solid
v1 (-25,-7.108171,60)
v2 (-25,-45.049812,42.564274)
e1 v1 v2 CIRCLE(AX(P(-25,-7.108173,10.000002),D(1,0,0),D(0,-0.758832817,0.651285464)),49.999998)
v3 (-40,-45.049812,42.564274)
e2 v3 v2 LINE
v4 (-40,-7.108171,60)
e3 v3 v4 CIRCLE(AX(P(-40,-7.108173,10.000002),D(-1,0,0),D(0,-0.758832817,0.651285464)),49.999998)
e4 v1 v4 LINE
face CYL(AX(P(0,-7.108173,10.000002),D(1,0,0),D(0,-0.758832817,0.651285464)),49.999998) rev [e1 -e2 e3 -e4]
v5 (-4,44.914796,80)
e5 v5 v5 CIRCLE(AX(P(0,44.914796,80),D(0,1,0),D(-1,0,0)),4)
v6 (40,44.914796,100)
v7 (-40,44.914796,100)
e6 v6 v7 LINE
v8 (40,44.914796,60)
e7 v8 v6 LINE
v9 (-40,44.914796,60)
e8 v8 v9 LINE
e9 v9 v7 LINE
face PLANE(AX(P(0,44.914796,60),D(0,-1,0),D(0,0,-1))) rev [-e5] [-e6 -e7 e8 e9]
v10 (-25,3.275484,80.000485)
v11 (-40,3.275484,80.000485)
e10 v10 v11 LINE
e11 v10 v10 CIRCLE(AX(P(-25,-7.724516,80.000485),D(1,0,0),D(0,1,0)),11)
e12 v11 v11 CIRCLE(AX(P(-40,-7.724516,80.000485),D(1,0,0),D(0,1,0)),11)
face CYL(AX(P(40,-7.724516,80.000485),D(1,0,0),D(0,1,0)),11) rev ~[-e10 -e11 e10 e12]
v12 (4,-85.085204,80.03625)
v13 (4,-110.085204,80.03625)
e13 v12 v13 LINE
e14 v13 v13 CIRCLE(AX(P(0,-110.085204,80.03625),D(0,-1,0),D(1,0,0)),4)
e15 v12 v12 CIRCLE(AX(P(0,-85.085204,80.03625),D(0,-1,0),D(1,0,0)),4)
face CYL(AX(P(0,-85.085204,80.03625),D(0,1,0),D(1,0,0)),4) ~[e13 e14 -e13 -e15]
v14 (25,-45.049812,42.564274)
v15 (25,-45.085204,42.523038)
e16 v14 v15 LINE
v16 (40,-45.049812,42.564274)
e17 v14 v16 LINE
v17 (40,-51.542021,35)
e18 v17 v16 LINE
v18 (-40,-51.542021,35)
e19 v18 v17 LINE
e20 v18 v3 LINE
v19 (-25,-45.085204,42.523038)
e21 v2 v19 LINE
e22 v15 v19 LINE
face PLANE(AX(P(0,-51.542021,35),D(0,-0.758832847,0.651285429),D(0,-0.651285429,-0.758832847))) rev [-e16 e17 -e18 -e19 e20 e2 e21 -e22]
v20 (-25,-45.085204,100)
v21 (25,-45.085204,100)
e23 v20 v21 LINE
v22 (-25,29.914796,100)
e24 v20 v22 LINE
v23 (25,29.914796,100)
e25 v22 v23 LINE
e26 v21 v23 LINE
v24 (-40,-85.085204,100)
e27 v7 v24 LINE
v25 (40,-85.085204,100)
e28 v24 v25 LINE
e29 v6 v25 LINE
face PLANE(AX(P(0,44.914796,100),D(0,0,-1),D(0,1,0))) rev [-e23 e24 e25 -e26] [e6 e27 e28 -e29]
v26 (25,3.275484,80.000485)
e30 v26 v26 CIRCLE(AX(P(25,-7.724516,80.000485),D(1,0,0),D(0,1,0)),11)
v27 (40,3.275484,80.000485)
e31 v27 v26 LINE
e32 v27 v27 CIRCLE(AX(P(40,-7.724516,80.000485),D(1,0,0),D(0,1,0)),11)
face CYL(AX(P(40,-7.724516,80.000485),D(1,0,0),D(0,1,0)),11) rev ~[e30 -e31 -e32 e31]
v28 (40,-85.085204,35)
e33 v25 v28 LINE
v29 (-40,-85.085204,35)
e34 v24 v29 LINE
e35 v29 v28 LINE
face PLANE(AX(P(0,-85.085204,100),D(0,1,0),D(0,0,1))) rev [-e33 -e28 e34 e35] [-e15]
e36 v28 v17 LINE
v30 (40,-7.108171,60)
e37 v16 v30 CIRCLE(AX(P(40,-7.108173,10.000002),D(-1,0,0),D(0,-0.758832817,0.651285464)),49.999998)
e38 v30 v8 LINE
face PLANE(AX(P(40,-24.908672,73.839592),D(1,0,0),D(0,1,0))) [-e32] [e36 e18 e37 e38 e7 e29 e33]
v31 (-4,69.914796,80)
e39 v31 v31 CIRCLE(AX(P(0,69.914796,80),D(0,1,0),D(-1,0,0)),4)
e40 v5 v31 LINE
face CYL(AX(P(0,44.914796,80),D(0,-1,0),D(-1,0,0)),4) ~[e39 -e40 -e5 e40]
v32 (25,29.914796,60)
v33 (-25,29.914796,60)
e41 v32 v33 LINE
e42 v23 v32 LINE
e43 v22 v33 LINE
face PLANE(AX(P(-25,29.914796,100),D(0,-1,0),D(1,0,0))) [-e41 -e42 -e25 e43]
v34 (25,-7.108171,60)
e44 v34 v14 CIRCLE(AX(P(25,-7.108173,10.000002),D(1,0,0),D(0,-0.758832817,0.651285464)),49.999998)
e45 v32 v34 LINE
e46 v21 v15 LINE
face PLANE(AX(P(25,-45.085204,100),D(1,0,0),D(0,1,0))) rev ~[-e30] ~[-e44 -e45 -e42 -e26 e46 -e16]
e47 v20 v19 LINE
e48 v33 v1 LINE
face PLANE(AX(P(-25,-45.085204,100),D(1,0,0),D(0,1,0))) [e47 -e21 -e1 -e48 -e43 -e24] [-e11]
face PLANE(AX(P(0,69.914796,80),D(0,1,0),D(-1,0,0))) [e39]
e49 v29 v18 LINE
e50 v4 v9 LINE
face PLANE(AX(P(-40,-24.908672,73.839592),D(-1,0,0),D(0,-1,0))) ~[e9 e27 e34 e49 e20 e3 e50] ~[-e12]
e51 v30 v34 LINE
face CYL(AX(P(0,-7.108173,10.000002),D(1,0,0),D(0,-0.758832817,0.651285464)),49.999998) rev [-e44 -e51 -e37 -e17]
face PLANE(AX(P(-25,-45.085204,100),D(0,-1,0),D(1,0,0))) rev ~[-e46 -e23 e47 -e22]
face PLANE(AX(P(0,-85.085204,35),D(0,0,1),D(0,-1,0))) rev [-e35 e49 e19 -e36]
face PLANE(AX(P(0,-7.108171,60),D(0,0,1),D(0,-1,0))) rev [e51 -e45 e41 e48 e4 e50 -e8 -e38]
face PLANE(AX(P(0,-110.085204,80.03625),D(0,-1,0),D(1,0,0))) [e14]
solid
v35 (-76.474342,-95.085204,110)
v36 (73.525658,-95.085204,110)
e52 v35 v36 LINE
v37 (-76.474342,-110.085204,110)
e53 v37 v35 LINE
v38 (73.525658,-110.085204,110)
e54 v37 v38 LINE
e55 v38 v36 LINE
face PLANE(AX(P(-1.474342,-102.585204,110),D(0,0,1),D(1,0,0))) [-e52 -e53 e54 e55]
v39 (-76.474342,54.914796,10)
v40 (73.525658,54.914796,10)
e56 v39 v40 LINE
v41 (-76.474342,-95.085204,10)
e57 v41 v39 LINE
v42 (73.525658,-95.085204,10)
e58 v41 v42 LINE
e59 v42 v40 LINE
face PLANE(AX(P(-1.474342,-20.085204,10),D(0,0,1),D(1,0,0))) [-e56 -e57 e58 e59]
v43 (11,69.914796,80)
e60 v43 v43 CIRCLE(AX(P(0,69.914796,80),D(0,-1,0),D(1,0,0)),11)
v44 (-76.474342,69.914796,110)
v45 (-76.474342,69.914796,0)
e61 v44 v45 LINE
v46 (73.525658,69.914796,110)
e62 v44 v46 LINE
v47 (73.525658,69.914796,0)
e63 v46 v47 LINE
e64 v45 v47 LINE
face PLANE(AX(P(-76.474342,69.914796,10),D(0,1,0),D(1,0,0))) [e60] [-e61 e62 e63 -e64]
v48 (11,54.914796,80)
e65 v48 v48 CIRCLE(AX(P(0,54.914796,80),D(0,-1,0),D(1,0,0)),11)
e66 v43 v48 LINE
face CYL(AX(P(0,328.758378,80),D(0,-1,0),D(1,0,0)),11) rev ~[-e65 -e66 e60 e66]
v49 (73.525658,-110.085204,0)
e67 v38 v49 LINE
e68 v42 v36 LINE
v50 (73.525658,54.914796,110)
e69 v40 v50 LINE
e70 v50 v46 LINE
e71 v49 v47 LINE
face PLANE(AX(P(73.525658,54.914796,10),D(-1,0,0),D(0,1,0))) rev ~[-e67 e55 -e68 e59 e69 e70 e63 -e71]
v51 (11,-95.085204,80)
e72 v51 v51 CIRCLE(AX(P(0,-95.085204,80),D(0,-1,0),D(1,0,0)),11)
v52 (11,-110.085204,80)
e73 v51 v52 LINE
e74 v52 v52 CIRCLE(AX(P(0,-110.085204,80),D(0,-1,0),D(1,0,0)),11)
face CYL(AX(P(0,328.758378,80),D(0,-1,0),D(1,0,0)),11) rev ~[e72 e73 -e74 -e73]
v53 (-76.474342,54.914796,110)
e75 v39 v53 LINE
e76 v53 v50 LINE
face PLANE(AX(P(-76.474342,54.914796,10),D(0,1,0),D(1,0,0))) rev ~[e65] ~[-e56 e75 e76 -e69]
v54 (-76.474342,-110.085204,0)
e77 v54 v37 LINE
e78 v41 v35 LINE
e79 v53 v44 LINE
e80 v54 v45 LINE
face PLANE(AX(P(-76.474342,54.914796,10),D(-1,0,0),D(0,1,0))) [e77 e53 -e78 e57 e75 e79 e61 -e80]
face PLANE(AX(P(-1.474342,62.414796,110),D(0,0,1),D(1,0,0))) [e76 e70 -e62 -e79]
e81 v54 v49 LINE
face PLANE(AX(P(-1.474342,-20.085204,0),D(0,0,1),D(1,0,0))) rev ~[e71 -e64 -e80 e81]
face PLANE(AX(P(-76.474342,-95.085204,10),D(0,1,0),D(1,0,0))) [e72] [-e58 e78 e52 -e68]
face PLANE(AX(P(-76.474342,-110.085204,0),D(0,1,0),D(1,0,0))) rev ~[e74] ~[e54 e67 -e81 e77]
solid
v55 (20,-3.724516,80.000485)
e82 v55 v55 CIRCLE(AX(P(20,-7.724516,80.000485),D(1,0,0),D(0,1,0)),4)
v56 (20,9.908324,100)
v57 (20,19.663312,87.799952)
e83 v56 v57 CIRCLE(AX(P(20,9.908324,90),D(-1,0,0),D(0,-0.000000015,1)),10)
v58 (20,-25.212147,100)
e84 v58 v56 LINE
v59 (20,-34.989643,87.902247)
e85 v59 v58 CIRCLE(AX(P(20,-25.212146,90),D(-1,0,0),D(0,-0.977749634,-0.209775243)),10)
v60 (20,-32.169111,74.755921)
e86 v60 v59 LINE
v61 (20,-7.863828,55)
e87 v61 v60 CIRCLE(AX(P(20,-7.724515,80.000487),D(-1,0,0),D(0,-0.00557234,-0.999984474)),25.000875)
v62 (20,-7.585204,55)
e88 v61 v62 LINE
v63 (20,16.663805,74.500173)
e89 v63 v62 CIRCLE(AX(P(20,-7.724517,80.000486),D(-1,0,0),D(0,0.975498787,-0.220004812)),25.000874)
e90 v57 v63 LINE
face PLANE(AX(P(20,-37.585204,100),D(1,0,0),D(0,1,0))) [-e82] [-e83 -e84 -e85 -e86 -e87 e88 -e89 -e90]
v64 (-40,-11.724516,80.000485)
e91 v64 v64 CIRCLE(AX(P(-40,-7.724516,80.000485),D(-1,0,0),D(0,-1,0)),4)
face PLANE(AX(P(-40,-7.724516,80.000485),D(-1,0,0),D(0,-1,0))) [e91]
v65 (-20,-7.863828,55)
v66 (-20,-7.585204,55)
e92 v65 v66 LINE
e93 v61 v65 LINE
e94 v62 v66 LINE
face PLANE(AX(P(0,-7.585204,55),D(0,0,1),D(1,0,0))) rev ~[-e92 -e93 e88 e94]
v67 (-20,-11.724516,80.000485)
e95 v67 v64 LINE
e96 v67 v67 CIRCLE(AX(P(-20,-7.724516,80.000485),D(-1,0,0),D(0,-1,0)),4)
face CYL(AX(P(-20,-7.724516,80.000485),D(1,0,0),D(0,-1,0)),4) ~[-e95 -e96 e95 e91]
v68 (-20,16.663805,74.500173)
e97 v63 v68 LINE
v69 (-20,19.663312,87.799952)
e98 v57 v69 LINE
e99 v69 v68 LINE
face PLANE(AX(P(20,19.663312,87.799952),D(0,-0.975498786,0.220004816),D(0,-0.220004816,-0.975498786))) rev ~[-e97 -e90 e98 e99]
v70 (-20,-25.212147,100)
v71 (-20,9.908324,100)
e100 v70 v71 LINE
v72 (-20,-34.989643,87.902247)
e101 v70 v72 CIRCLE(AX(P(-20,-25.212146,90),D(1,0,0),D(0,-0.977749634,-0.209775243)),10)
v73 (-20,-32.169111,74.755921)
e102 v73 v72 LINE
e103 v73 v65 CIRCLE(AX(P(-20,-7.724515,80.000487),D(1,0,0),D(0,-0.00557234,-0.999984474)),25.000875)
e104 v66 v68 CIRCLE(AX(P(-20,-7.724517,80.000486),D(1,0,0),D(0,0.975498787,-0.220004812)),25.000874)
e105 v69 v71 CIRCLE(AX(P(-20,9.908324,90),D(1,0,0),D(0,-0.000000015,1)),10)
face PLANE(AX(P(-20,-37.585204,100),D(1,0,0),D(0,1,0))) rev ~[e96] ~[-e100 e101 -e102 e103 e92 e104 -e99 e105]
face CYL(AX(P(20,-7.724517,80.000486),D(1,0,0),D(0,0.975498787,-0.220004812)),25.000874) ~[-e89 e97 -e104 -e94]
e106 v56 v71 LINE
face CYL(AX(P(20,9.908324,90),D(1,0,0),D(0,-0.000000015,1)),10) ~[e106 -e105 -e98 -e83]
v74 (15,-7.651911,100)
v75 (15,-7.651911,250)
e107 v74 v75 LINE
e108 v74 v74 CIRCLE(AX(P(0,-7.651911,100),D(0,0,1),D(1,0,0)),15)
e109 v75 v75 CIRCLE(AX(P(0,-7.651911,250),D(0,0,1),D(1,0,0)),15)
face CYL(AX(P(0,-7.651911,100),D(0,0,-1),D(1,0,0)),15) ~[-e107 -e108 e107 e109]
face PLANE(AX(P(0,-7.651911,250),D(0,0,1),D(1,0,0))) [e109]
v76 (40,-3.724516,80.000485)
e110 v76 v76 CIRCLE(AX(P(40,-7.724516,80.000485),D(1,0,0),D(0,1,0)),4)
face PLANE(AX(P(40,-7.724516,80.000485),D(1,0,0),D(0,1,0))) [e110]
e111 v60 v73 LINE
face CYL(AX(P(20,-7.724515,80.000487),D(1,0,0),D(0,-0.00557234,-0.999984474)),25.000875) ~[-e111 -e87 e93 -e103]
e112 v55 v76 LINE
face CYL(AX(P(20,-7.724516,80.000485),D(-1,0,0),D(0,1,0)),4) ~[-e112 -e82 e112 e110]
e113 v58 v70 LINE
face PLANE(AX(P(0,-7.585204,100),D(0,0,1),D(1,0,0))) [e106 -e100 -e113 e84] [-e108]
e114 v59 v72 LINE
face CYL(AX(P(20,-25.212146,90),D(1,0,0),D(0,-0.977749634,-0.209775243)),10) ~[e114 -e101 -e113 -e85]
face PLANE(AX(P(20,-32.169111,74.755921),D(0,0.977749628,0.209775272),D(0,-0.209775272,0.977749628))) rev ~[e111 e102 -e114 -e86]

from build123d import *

# Parameters (mm, degrees)
F0_W      = 150
F0_H      = 180
F1_DEPTH  = 10
F2_W      = 150
F2_H      = 15
F3_DEPTH  = 100
F5_D      = 22
F7_DEPTH  = 40
F9_R      = 4
F10_DEPTH = 25
F11_R     = 4
F12_DEPTH = 25
F13_W     = 50
F13_H     = 75
F14_DEPTH = 65.278
F16_R     = 11
F17_DEPTH = 87.122
F19_W     = 40
F19_H     = 60
F20_DEPTH = 45
F22_DEPTH = 42.672
F23_R     = 4
F24_DEPTH = 20
F25_R     = 4
F26_DEPTH = 20
F27_R     = 15
F28_DEPTH = 150


with BuildPart() as f1:
    # F0 (on Top) → F1 (new body)
    with BuildSketch(Plane.XY):
        with Locations((-1.474342, -20.085204)):
            Rectangle(F0_W, F0_H)
    extrude(amount=F1_DEPTH)

    # F2 (on face) → F3 (join)
    with BuildSketch(Plane.XY.offset(10)):
        with Locations((-1.474342, 62.414796)):
            Rectangle(F2_W, F2_H)
        with Locations((-1.474342, -102.585204)):
            Rectangle(F2_W, F2_H)
    extrude(amount=F3_DEPTH)

    # F5 (through all)
    with Locations(Plane(origin=(0, 69.914796, 0), x_dir=(-1, 0, 0), z_dir=(0, 1, 0))):
        with Locations((0, 80)):
            Hole(F5_D / 2)


with BuildPart() as f7:
    # F6 (on Right) → F7 (new body)
    with BuildSketch(Plane.YZ):
        with BuildLine():
            Line((44.914796, 100), (-85.085204, 100))
            Line((-85.085204, 100), (-85.085204, 35))
            Line((-85.085204, 35), (-51.542021, 35))
            Line((-51.542021, 35), (-45.049812, 42.564274))
            ThreePointArc((-45.049812, 42.564274), (-27.986226, 55.432443), (-7.108171, 60))
            Line((-7.108171, 60), (44.914796, 60))
            Line((44.914796, 60), (44.914796, 100))
        make_face()
    extrude(amount=F7_DEPTH)

    # F8: F7 across plane


with BuildPart() as f7_1:
    add(f7.part)
    add(f7.part.mirror(Plane.YZ))

    # F9 (on face) → F10 (join)
    with BuildSketch(Plane.XZ.offset(85.085204)):
        with Locations((0, 80.03625)):
            Circle(F9_R)
    extrude(amount=F10_DEPTH)

    # F11 (on face) → F12 (join)
    with BuildSketch(Plane(origin=(0, 44.914796, 0), x_dir=(-1, 0, 0), z_dir=(0, 1, 0))):
        with Locations((0, 80)):
            Circle(F11_R)
    extrude(amount=F12_DEPTH)

    # F13 (on face) → F14 (cut)
    with BuildSketch(Plane.XY.offset(100)):
        with Locations((0, -7.585204)):
            Rectangle(F13_W, F13_H)
    extrude(amount=-F14_DEPTH, mode=Mode.SUBTRACT)

    # F16 (on face) → F17 (cut)
    with BuildSketch(Plane.YZ.offset(40)):
        with Locations((-7.724516, 80.000485)):
            Circle(F16_R)
    extrude(amount=-F17_DEPTH, mode=Mode.SUBTRACT)


with BuildPart() as f20:
    # F19 (on face) → F20 (new body)
    with BuildSketch(Plane.XY.offset(100)):
        with Locations((0, -7.585204)):
            Rectangle(F19_W, F19_H)
    extrude(amount=-F20_DEPTH)

    # F21 (on face) → F22 (cut)
    with BuildSketch(Plane.YZ.offset(20)):
        with BuildLine():
            Line((19.663312, 87.799952), (16.663805, 74.500173))
            ThreePointArc((16.663805, 74.500173), (7.942819, 60.517717), (-7.585204, 55))
            Line((-7.585204, 55), (22.414796, 55))
            Line((22.414796, 55), (22.414796, 100))
            Line((22.414796, 100), (9.908324, 100))
            ThreePointArc((9.908324, 100), (17.718589, 96.244979), (19.663312, 87.799952))
        make_face()
        with BuildLine():
            ThreePointArc((-7.863828, 55), (-23.49367, 60.600036), (-32.169111, 74.755921))
            Line((-32.169111, 74.755921), (-34.989643, 87.902247))
            ThreePointArc((-34.989643, 87.902247), (-32.989599, 96.285796), (-25.212147, 100))
            Line((-25.212147, 100), (-37.585204, 100))
            Line((-37.585204, 100), (-37.585204, 55))
            Line((-37.585204, 55), (-7.863828, 55))
        make_face()
    extrude(amount=-F22_DEPTH, mode=Mode.SUBTRACT)

    # F23 (on face) → F24 (join)
    with BuildSketch(Plane.YZ.offset(20)):
        with Locations((-7.724516, 80.000485)):
            Circle(F23_R)
    extrude(amount=F24_DEPTH)

    # F25 (on face) → F26 (join)
    with BuildSketch(Plane(origin=(-20, 0, 0), x_dir=(0, -1, 0), z_dir=(-1, 0, 0))):
        with Locations((7.724516, 80.000485)):
            Circle(F25_R)
    extrude(amount=F26_DEPTH)

    # F27 (on face) → F28 (join)
    with BuildSketch(Plane.XY.offset(100)):
        with Locations((0, -7.651911)):
            Circle(F27_R)
    extrude(amount=F28_DEPTH)


solid = Compound([f1.part, f7_1.part, f20.part])
